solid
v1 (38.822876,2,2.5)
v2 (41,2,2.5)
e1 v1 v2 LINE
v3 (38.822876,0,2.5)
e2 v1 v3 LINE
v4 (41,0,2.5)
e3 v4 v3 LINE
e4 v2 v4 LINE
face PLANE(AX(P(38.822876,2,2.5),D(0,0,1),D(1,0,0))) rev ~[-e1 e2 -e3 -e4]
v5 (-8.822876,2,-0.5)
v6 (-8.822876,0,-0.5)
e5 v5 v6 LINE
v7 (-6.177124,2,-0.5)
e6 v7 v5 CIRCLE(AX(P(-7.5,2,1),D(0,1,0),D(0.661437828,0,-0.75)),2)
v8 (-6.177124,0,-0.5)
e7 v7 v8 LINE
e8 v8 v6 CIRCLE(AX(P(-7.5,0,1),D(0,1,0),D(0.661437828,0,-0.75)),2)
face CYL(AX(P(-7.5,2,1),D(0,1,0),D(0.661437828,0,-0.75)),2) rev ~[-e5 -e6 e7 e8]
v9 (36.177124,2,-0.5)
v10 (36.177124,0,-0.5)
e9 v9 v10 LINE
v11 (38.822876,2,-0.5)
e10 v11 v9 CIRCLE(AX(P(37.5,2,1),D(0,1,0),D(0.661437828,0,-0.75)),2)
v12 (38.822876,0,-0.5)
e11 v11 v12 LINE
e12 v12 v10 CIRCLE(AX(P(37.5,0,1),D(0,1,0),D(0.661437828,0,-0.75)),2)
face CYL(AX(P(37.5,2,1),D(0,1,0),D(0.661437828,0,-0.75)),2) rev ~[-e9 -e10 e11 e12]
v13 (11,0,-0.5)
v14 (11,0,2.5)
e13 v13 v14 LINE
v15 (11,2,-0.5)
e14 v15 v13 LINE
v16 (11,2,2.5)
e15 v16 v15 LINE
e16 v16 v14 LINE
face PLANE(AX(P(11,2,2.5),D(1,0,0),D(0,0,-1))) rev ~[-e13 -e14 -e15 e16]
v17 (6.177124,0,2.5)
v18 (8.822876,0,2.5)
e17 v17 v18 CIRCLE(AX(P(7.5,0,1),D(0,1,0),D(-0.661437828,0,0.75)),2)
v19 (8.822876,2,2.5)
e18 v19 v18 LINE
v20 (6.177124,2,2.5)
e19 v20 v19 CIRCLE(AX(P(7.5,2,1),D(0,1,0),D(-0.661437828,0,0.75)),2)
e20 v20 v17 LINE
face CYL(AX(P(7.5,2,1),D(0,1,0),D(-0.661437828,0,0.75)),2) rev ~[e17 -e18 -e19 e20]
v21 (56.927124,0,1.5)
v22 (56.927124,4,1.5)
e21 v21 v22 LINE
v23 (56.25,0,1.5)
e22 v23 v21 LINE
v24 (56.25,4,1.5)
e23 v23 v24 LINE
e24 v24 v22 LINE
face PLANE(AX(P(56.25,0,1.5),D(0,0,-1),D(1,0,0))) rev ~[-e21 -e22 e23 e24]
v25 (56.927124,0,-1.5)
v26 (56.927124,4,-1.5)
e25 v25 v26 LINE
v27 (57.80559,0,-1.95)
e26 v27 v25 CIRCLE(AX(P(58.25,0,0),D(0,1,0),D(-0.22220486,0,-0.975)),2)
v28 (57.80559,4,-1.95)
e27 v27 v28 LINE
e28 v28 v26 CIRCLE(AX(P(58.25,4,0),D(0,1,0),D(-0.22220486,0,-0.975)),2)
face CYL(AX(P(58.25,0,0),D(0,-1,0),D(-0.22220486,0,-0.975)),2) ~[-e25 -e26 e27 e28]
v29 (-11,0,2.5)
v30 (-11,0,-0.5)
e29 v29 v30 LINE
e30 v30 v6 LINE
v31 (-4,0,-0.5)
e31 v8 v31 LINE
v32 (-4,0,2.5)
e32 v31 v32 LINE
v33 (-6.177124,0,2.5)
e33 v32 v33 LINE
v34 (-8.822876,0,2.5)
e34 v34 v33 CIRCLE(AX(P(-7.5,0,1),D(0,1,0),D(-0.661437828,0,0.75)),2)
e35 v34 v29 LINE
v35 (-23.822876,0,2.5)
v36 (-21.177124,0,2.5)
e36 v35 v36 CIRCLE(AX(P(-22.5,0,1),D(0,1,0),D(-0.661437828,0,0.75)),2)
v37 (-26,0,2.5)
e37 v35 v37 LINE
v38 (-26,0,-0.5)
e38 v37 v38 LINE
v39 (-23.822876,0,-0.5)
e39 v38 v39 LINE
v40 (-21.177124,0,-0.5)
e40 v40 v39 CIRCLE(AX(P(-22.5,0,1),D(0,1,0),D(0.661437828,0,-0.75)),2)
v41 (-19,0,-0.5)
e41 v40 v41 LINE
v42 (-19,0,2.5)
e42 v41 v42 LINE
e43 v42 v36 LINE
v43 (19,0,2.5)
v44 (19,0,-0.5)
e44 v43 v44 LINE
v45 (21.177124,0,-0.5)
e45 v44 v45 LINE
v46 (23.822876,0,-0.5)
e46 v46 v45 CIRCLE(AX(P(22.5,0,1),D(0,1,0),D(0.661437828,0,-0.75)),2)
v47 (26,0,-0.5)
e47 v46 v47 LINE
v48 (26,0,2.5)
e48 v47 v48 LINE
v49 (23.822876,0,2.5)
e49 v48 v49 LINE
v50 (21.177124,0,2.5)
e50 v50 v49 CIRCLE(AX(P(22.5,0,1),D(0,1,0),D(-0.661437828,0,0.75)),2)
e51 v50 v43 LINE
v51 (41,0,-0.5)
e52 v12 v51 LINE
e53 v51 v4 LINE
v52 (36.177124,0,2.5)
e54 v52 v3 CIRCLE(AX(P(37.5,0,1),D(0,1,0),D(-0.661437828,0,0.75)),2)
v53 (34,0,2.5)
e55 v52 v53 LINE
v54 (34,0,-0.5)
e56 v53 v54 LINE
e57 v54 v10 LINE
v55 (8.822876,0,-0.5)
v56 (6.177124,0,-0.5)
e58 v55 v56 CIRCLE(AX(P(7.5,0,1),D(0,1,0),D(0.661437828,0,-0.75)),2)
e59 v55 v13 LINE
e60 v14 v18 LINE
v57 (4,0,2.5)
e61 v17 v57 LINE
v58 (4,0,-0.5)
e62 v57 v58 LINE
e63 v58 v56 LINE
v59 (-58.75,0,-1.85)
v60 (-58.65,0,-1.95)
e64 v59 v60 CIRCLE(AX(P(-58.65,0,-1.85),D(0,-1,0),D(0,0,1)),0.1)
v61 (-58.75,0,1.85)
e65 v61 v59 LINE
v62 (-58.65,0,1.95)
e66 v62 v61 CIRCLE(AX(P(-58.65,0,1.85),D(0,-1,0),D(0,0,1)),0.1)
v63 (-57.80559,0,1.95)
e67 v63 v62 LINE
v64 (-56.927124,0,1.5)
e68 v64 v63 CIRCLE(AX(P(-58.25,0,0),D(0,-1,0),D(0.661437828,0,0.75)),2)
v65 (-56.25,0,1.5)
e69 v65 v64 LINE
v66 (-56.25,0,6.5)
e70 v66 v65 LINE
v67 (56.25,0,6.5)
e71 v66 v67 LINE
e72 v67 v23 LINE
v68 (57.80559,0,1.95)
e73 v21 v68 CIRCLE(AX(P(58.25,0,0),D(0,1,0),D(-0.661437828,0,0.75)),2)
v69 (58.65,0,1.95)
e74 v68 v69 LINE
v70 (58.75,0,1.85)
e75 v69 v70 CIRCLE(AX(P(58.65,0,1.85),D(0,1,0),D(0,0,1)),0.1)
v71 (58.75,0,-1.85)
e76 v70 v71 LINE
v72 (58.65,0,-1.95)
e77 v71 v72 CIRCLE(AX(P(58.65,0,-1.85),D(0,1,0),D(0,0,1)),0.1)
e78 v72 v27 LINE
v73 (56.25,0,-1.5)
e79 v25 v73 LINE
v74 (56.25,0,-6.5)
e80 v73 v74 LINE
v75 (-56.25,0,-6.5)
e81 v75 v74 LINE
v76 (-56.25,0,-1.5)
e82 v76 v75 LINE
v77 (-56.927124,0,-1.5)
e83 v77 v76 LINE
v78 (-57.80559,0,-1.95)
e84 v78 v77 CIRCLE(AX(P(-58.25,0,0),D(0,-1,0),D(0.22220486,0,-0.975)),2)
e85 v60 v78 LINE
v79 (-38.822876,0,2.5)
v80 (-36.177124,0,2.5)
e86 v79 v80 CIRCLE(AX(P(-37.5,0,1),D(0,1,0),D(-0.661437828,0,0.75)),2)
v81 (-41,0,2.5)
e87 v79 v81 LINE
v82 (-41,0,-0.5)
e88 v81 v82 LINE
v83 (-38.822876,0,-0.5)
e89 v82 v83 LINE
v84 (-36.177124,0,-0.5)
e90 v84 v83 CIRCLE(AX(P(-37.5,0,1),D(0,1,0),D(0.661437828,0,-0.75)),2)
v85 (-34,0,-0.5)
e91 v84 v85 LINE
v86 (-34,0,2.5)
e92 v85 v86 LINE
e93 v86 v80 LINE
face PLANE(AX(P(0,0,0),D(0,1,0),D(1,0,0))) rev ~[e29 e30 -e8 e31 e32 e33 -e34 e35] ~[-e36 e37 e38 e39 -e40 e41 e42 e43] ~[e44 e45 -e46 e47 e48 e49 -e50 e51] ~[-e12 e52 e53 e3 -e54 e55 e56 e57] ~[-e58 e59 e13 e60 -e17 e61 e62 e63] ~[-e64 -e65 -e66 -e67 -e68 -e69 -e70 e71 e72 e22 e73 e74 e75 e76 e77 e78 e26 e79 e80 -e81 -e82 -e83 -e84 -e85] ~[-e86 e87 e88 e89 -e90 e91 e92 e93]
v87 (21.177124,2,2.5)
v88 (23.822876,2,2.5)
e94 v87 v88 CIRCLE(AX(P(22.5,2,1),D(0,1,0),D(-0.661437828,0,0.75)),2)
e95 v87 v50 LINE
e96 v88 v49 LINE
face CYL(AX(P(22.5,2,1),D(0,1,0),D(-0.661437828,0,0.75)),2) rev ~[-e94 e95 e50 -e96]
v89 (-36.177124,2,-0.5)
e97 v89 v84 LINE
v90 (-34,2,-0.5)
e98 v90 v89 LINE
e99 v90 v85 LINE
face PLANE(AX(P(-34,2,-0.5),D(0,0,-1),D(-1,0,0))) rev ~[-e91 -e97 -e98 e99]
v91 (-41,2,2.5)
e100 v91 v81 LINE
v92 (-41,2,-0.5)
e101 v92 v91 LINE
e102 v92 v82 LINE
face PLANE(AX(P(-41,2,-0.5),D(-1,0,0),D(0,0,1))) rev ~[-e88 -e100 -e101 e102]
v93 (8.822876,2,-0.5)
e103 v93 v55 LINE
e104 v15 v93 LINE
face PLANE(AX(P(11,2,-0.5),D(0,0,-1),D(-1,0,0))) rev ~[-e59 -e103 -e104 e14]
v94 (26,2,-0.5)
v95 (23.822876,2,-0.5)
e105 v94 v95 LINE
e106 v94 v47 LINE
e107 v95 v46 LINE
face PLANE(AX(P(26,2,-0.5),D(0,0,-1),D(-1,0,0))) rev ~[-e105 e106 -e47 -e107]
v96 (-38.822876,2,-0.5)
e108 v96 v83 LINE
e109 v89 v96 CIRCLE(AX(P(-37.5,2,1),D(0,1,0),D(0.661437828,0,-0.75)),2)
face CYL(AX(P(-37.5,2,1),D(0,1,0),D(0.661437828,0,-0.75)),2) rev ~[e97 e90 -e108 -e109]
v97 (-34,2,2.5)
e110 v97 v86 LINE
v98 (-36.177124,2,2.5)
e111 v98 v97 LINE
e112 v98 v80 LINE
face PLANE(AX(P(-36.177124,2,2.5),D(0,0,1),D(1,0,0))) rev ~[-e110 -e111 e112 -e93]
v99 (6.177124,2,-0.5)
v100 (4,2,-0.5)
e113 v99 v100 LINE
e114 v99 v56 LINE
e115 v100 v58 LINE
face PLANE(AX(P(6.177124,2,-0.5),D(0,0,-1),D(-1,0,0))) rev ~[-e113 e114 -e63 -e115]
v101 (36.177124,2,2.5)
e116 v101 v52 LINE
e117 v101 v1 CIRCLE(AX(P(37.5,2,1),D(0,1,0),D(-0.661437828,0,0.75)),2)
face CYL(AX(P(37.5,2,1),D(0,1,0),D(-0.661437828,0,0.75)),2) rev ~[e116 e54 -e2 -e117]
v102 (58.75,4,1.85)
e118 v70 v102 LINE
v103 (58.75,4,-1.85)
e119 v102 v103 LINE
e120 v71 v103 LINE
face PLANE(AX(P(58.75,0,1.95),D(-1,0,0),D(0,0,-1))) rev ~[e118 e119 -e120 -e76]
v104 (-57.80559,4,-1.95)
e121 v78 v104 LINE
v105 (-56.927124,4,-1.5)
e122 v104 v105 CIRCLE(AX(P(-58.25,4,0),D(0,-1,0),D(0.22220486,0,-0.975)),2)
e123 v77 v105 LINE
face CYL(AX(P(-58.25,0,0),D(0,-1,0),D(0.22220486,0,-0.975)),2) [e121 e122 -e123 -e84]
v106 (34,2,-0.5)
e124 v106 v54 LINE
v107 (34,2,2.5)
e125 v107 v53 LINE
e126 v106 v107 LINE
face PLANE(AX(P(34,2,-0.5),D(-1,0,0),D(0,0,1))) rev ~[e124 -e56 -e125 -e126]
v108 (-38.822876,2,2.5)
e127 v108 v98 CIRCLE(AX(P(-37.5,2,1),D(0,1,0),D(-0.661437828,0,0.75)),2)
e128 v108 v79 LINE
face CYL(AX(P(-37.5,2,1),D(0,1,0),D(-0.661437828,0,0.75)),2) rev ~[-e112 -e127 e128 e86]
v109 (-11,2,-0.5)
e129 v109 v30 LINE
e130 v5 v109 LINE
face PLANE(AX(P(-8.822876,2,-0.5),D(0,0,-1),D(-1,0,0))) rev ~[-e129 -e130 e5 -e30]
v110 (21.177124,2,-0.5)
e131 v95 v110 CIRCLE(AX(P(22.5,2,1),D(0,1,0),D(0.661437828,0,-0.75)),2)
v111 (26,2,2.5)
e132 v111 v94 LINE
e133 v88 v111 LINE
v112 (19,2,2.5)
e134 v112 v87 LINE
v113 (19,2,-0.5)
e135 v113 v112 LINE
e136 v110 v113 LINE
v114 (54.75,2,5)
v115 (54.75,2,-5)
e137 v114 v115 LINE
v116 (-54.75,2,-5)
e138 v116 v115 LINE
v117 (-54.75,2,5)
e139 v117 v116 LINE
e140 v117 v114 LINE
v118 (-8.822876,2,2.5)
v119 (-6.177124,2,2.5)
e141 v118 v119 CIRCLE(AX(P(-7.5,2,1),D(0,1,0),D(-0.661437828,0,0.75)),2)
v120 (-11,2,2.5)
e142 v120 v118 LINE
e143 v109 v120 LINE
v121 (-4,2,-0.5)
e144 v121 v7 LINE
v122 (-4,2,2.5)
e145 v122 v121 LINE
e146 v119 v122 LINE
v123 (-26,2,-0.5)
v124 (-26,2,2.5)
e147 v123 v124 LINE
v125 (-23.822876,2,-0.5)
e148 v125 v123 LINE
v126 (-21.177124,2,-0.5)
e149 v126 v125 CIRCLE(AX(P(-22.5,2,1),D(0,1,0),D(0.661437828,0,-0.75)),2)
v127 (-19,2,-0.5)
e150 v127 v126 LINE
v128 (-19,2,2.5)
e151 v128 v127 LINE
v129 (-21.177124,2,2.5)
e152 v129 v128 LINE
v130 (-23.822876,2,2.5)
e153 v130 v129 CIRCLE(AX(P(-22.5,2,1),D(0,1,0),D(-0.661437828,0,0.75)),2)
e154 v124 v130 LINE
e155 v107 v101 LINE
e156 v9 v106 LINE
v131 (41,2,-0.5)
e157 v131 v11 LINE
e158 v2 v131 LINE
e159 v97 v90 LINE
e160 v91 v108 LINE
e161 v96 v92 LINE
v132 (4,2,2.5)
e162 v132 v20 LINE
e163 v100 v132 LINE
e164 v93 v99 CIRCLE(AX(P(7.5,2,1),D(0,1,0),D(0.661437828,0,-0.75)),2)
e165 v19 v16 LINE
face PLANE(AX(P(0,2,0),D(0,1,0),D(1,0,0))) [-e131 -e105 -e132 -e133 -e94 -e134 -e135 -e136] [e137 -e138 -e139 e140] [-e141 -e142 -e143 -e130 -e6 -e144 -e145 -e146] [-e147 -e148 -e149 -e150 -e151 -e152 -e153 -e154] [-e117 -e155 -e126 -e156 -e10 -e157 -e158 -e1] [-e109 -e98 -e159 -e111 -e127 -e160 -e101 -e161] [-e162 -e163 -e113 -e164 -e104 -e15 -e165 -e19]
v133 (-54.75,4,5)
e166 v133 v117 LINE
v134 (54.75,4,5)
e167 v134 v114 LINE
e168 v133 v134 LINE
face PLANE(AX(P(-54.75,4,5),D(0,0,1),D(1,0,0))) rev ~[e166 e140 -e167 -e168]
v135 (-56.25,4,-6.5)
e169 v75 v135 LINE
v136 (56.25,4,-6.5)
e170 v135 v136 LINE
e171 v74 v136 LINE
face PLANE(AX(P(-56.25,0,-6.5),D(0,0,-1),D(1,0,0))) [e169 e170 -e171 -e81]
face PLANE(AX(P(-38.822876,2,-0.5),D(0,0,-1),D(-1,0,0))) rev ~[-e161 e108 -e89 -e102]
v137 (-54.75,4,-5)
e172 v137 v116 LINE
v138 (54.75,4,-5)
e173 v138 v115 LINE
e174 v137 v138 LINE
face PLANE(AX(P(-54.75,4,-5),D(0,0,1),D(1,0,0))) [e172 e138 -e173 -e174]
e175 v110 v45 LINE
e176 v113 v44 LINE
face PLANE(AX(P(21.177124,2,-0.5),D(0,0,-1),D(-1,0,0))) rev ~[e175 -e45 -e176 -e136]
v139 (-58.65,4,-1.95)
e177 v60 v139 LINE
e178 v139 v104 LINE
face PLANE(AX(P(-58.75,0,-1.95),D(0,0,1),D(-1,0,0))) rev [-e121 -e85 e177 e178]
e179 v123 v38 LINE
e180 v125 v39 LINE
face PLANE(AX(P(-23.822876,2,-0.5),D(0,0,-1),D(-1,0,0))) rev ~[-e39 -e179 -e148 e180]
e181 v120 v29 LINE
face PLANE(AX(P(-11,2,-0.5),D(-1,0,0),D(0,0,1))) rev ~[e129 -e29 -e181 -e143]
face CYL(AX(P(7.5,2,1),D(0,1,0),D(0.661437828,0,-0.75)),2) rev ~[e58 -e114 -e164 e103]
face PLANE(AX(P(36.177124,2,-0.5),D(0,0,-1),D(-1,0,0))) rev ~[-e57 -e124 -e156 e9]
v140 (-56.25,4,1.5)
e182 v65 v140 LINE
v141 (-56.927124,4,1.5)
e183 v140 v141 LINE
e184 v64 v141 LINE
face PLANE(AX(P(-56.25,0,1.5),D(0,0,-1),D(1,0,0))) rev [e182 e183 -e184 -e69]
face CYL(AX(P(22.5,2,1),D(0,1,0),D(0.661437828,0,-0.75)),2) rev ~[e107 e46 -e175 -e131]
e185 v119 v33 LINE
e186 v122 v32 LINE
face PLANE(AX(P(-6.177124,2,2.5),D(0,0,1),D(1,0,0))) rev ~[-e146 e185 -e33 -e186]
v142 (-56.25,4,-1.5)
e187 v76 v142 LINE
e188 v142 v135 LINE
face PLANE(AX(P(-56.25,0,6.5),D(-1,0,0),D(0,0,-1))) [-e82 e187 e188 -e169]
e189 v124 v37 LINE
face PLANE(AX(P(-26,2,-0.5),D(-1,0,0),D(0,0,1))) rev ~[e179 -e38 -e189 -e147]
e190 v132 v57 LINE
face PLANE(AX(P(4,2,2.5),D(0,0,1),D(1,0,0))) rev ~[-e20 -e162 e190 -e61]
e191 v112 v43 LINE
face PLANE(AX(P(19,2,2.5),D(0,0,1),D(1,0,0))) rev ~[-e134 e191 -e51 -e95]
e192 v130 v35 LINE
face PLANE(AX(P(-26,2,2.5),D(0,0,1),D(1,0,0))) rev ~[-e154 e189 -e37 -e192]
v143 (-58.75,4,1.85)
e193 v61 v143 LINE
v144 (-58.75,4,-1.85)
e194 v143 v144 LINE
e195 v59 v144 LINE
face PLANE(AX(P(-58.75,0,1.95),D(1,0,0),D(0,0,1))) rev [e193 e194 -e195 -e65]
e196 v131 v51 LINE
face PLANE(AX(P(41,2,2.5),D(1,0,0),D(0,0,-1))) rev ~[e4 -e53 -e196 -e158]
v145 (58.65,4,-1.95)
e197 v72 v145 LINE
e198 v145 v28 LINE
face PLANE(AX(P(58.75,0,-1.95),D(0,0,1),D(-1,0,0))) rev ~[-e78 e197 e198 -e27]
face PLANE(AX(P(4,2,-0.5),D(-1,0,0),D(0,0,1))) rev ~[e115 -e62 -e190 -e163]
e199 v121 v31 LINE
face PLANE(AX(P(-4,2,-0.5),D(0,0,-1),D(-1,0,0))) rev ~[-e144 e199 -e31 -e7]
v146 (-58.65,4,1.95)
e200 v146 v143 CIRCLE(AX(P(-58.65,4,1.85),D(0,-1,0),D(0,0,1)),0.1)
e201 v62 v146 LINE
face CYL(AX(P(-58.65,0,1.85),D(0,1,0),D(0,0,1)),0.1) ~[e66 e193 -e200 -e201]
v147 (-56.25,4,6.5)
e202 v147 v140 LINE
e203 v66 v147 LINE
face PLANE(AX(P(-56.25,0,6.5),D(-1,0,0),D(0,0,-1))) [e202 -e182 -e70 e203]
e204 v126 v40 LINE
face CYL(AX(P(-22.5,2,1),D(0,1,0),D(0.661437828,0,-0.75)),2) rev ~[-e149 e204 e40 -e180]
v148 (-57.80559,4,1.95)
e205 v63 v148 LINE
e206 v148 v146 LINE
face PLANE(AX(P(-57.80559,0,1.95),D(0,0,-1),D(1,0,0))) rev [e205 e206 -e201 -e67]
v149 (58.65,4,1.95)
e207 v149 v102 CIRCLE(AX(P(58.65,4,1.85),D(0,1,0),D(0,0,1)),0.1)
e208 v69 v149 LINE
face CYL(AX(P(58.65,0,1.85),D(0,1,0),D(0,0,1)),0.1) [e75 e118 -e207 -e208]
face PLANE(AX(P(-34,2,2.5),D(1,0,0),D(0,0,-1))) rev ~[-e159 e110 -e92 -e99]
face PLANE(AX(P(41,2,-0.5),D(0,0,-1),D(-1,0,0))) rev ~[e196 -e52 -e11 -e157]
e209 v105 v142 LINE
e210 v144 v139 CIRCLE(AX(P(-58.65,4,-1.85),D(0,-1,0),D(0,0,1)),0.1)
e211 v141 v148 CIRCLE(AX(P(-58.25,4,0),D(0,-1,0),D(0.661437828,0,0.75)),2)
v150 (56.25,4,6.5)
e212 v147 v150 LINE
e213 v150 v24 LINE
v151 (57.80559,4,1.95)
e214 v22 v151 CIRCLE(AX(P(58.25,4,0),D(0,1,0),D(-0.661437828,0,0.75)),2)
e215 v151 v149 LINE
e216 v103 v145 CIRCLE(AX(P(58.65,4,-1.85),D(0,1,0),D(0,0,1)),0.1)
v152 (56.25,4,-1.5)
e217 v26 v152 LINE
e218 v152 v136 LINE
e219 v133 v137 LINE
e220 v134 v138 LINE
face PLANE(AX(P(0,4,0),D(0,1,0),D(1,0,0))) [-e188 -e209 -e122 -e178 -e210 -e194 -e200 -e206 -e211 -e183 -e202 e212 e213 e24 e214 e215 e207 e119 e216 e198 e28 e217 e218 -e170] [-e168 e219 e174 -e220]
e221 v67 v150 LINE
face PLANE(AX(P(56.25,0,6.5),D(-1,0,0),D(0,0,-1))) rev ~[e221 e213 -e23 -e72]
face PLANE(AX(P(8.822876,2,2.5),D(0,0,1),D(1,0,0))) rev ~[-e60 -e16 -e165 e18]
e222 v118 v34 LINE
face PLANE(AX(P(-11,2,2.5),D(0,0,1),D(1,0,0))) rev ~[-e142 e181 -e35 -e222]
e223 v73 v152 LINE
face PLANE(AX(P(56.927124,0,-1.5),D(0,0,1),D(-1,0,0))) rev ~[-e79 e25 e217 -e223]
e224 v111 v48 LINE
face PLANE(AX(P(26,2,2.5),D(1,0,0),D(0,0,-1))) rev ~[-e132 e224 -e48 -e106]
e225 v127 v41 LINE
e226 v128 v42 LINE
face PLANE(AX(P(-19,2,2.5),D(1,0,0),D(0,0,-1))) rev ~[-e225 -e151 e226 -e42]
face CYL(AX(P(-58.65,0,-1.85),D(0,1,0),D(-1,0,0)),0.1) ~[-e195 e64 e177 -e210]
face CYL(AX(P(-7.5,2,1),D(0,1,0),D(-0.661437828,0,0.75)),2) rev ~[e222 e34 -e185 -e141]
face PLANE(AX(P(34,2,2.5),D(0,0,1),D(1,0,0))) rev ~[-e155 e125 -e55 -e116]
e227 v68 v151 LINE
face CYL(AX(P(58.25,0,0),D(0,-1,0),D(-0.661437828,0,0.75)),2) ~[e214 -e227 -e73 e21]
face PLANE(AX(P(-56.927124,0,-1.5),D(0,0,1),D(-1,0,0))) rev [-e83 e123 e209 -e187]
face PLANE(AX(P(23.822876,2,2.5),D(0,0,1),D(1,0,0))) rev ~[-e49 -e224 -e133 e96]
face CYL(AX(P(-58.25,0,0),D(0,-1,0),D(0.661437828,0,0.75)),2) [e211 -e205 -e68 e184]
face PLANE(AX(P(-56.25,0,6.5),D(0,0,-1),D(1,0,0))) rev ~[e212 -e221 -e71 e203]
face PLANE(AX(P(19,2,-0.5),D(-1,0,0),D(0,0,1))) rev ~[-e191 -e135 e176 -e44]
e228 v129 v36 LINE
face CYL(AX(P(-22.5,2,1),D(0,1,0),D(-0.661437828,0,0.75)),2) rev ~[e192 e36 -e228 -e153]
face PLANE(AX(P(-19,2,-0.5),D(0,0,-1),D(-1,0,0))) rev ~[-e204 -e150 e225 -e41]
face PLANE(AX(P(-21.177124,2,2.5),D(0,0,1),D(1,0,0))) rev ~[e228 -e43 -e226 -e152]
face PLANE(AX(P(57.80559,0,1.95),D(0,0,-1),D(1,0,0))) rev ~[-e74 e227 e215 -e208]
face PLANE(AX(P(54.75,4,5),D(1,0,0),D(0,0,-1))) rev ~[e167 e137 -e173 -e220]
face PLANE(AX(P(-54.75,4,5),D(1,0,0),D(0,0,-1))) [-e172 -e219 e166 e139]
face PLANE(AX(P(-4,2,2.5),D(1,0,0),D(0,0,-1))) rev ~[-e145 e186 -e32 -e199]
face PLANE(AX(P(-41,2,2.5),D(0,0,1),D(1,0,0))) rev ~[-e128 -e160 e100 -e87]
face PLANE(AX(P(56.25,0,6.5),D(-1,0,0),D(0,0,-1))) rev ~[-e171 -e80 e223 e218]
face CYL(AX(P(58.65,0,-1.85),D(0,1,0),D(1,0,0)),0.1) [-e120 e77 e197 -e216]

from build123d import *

# Parameters (mm, degrees)
SKETCH_1_W                 = 112.5
SKETCH_1_H                 = 13
EXTRUDE_1_DEPTH            = 4
EXTRUDE_2_DEPTH            = 4
SKETCH_3_W                 = 109.5
SKETCH_3_H                 = 10
CUT_EXTRUDE_1_DEPTH        = 2
CUT_EXTRUDE_2_REACH        = 61.142
PATTERN_LINEAR_1_COUNT     = 4
PATTERN_LINEAR_1_PITCH     = 15
PATTERN_LINEAR_1_COL_COUNT = 3
PATTERN_LINEAR_1_COL_PITCH = 15
FILLET_1_R                 = 0.1


with BuildPart() as part:
    # 草图1 → 凸台-拉伸1 (new body)
    with BuildSketch(Plane(origin=(0, 0, 0), x_dir=(1, 0, 0), z_dir=(0, 1, 0))):
        Rectangle(SKETCH_1_W, SKETCH_1_H)
    extrude(amount=EXTRUDE_1_DEPTH)

    # 草图2 → 凸台-拉伸2 (add)
    with BuildSketch(Plane.XZ):
        with BuildLine():
            Line((56.25, -1.5), (56.25, 1.5))
            Line((56.25, 1.5), (56.927124344, 1.5))
            ThreePointArc((56.927124344, 1.5), (57.338161527, 1.780042303), (57.805590279, 1.95))
            Line((57.805590279, 1.95), (58.75, 1.95))
            Line((58.75, 1.95), (58.75, -1.95))
            Line((58.75, -1.95), (57.805590279, -1.95))
            ThreePointArc((57.805590279, -1.95), (57.338161527, -1.780042303), (56.927124344, -1.5))
            Line((56.927124344, -1.5), (56.25, -1.5))
        make_face()
    extrude_2 = extrude(amount=-EXTRUDE_2_DEPTH)

    # 镜向1: 凸台-拉伸2 across plane
    add(extrude_2.mirror(Plane(origin=(0, 0, 0), x_dir=(0, 0, 1), z_dir=(1, 0, 0))))

    # 草图3 → 切除-拉伸1 (cut)
    with BuildSketch(Plane(origin=(0, 4, 0), x_dir=(1, 0, 0), z_dir=(0, 1, 0))):
        Rectangle(SKETCH_3_W, SKETCH_3_H)
    extrude(amount=-CUT_EXTRUDE_1_DEPTH, mode=Mode.SUBTRACT)

    # 草图4 → 切除-拉伸2 (cut, up to next)
    with BuildSketch(Plane(origin=(0, 2, 0), x_dir=(1, 0, 0), z_dir=(0, 1, 0)), mode=Mode.PRIVATE) as cut_extrude_2_sk1:
        with BuildLine():
            Line((-4, -2.5), (-4, 0.5))
            Line((-4, 0.5), (-6.177124344, 0.5))
            ThreePointArc((-6.177124344, 0.5), (-7.5, 1), (-8.822875656, 0.5))
            Line((-8.822875656, 0.5), (-11, 0.5))
            Line((-11, 0.5), (-11, -2.5))
            Line((-11, -2.5), (-8.822875656, -2.5))
            ThreePointArc((-8.822875656, -2.5), (-7.5, -3), (-6.177124344, -2.5))
            Line((-6.177124344, -2.5), (-4, -2.5))
        make_face()
    cut_extrude_2_tool1 = extrude(cut_extrude_2_sk1.sketch, amount=-CUT_EXTRUDE_2_REACH, mode=Mode.PRIVATE) & part.part
    cut_extrude_2 = cut_extrude_2_tool1.solids().sort_by_distance((-7.5, 2, 1))[0]
    add(cut_extrude_2, mode=Mode.SUBTRACT)

    # 阵列(线性)1: 切除-拉伸2 ×4
    with Locations(*[(i * PATTERN_LINEAR_1_PITCH, 0, 0) for i in range(1, PATTERN_LINEAR_1_COUNT)]):
        add(cut_extrude_2, mode=Mode.SUBTRACT)

    # 阵列(线性)1 col: 切除-拉伸2 ×3
    with Locations(*[(-i * PATTERN_LINEAR_1_COL_PITCH, 0, 0) for i in range(1, PATTERN_LINEAR_1_COL_COUNT)]):
        add(cut_extrude_2, mode=Mode.SUBTRACT)

    # 圆角1
    fillet_1_edges = [part.edges().sort_by_distance(p)[0] for p in [
        (58.75, 2, -1.95),
        (58.75, 2, 1.95),
        (-58.75, 2, -1.95),
        (-58.75, 2, 1.95),
    ]]
    fillet(fillet_1_edges, radius=FILLET_1_R)


solid = part.part
